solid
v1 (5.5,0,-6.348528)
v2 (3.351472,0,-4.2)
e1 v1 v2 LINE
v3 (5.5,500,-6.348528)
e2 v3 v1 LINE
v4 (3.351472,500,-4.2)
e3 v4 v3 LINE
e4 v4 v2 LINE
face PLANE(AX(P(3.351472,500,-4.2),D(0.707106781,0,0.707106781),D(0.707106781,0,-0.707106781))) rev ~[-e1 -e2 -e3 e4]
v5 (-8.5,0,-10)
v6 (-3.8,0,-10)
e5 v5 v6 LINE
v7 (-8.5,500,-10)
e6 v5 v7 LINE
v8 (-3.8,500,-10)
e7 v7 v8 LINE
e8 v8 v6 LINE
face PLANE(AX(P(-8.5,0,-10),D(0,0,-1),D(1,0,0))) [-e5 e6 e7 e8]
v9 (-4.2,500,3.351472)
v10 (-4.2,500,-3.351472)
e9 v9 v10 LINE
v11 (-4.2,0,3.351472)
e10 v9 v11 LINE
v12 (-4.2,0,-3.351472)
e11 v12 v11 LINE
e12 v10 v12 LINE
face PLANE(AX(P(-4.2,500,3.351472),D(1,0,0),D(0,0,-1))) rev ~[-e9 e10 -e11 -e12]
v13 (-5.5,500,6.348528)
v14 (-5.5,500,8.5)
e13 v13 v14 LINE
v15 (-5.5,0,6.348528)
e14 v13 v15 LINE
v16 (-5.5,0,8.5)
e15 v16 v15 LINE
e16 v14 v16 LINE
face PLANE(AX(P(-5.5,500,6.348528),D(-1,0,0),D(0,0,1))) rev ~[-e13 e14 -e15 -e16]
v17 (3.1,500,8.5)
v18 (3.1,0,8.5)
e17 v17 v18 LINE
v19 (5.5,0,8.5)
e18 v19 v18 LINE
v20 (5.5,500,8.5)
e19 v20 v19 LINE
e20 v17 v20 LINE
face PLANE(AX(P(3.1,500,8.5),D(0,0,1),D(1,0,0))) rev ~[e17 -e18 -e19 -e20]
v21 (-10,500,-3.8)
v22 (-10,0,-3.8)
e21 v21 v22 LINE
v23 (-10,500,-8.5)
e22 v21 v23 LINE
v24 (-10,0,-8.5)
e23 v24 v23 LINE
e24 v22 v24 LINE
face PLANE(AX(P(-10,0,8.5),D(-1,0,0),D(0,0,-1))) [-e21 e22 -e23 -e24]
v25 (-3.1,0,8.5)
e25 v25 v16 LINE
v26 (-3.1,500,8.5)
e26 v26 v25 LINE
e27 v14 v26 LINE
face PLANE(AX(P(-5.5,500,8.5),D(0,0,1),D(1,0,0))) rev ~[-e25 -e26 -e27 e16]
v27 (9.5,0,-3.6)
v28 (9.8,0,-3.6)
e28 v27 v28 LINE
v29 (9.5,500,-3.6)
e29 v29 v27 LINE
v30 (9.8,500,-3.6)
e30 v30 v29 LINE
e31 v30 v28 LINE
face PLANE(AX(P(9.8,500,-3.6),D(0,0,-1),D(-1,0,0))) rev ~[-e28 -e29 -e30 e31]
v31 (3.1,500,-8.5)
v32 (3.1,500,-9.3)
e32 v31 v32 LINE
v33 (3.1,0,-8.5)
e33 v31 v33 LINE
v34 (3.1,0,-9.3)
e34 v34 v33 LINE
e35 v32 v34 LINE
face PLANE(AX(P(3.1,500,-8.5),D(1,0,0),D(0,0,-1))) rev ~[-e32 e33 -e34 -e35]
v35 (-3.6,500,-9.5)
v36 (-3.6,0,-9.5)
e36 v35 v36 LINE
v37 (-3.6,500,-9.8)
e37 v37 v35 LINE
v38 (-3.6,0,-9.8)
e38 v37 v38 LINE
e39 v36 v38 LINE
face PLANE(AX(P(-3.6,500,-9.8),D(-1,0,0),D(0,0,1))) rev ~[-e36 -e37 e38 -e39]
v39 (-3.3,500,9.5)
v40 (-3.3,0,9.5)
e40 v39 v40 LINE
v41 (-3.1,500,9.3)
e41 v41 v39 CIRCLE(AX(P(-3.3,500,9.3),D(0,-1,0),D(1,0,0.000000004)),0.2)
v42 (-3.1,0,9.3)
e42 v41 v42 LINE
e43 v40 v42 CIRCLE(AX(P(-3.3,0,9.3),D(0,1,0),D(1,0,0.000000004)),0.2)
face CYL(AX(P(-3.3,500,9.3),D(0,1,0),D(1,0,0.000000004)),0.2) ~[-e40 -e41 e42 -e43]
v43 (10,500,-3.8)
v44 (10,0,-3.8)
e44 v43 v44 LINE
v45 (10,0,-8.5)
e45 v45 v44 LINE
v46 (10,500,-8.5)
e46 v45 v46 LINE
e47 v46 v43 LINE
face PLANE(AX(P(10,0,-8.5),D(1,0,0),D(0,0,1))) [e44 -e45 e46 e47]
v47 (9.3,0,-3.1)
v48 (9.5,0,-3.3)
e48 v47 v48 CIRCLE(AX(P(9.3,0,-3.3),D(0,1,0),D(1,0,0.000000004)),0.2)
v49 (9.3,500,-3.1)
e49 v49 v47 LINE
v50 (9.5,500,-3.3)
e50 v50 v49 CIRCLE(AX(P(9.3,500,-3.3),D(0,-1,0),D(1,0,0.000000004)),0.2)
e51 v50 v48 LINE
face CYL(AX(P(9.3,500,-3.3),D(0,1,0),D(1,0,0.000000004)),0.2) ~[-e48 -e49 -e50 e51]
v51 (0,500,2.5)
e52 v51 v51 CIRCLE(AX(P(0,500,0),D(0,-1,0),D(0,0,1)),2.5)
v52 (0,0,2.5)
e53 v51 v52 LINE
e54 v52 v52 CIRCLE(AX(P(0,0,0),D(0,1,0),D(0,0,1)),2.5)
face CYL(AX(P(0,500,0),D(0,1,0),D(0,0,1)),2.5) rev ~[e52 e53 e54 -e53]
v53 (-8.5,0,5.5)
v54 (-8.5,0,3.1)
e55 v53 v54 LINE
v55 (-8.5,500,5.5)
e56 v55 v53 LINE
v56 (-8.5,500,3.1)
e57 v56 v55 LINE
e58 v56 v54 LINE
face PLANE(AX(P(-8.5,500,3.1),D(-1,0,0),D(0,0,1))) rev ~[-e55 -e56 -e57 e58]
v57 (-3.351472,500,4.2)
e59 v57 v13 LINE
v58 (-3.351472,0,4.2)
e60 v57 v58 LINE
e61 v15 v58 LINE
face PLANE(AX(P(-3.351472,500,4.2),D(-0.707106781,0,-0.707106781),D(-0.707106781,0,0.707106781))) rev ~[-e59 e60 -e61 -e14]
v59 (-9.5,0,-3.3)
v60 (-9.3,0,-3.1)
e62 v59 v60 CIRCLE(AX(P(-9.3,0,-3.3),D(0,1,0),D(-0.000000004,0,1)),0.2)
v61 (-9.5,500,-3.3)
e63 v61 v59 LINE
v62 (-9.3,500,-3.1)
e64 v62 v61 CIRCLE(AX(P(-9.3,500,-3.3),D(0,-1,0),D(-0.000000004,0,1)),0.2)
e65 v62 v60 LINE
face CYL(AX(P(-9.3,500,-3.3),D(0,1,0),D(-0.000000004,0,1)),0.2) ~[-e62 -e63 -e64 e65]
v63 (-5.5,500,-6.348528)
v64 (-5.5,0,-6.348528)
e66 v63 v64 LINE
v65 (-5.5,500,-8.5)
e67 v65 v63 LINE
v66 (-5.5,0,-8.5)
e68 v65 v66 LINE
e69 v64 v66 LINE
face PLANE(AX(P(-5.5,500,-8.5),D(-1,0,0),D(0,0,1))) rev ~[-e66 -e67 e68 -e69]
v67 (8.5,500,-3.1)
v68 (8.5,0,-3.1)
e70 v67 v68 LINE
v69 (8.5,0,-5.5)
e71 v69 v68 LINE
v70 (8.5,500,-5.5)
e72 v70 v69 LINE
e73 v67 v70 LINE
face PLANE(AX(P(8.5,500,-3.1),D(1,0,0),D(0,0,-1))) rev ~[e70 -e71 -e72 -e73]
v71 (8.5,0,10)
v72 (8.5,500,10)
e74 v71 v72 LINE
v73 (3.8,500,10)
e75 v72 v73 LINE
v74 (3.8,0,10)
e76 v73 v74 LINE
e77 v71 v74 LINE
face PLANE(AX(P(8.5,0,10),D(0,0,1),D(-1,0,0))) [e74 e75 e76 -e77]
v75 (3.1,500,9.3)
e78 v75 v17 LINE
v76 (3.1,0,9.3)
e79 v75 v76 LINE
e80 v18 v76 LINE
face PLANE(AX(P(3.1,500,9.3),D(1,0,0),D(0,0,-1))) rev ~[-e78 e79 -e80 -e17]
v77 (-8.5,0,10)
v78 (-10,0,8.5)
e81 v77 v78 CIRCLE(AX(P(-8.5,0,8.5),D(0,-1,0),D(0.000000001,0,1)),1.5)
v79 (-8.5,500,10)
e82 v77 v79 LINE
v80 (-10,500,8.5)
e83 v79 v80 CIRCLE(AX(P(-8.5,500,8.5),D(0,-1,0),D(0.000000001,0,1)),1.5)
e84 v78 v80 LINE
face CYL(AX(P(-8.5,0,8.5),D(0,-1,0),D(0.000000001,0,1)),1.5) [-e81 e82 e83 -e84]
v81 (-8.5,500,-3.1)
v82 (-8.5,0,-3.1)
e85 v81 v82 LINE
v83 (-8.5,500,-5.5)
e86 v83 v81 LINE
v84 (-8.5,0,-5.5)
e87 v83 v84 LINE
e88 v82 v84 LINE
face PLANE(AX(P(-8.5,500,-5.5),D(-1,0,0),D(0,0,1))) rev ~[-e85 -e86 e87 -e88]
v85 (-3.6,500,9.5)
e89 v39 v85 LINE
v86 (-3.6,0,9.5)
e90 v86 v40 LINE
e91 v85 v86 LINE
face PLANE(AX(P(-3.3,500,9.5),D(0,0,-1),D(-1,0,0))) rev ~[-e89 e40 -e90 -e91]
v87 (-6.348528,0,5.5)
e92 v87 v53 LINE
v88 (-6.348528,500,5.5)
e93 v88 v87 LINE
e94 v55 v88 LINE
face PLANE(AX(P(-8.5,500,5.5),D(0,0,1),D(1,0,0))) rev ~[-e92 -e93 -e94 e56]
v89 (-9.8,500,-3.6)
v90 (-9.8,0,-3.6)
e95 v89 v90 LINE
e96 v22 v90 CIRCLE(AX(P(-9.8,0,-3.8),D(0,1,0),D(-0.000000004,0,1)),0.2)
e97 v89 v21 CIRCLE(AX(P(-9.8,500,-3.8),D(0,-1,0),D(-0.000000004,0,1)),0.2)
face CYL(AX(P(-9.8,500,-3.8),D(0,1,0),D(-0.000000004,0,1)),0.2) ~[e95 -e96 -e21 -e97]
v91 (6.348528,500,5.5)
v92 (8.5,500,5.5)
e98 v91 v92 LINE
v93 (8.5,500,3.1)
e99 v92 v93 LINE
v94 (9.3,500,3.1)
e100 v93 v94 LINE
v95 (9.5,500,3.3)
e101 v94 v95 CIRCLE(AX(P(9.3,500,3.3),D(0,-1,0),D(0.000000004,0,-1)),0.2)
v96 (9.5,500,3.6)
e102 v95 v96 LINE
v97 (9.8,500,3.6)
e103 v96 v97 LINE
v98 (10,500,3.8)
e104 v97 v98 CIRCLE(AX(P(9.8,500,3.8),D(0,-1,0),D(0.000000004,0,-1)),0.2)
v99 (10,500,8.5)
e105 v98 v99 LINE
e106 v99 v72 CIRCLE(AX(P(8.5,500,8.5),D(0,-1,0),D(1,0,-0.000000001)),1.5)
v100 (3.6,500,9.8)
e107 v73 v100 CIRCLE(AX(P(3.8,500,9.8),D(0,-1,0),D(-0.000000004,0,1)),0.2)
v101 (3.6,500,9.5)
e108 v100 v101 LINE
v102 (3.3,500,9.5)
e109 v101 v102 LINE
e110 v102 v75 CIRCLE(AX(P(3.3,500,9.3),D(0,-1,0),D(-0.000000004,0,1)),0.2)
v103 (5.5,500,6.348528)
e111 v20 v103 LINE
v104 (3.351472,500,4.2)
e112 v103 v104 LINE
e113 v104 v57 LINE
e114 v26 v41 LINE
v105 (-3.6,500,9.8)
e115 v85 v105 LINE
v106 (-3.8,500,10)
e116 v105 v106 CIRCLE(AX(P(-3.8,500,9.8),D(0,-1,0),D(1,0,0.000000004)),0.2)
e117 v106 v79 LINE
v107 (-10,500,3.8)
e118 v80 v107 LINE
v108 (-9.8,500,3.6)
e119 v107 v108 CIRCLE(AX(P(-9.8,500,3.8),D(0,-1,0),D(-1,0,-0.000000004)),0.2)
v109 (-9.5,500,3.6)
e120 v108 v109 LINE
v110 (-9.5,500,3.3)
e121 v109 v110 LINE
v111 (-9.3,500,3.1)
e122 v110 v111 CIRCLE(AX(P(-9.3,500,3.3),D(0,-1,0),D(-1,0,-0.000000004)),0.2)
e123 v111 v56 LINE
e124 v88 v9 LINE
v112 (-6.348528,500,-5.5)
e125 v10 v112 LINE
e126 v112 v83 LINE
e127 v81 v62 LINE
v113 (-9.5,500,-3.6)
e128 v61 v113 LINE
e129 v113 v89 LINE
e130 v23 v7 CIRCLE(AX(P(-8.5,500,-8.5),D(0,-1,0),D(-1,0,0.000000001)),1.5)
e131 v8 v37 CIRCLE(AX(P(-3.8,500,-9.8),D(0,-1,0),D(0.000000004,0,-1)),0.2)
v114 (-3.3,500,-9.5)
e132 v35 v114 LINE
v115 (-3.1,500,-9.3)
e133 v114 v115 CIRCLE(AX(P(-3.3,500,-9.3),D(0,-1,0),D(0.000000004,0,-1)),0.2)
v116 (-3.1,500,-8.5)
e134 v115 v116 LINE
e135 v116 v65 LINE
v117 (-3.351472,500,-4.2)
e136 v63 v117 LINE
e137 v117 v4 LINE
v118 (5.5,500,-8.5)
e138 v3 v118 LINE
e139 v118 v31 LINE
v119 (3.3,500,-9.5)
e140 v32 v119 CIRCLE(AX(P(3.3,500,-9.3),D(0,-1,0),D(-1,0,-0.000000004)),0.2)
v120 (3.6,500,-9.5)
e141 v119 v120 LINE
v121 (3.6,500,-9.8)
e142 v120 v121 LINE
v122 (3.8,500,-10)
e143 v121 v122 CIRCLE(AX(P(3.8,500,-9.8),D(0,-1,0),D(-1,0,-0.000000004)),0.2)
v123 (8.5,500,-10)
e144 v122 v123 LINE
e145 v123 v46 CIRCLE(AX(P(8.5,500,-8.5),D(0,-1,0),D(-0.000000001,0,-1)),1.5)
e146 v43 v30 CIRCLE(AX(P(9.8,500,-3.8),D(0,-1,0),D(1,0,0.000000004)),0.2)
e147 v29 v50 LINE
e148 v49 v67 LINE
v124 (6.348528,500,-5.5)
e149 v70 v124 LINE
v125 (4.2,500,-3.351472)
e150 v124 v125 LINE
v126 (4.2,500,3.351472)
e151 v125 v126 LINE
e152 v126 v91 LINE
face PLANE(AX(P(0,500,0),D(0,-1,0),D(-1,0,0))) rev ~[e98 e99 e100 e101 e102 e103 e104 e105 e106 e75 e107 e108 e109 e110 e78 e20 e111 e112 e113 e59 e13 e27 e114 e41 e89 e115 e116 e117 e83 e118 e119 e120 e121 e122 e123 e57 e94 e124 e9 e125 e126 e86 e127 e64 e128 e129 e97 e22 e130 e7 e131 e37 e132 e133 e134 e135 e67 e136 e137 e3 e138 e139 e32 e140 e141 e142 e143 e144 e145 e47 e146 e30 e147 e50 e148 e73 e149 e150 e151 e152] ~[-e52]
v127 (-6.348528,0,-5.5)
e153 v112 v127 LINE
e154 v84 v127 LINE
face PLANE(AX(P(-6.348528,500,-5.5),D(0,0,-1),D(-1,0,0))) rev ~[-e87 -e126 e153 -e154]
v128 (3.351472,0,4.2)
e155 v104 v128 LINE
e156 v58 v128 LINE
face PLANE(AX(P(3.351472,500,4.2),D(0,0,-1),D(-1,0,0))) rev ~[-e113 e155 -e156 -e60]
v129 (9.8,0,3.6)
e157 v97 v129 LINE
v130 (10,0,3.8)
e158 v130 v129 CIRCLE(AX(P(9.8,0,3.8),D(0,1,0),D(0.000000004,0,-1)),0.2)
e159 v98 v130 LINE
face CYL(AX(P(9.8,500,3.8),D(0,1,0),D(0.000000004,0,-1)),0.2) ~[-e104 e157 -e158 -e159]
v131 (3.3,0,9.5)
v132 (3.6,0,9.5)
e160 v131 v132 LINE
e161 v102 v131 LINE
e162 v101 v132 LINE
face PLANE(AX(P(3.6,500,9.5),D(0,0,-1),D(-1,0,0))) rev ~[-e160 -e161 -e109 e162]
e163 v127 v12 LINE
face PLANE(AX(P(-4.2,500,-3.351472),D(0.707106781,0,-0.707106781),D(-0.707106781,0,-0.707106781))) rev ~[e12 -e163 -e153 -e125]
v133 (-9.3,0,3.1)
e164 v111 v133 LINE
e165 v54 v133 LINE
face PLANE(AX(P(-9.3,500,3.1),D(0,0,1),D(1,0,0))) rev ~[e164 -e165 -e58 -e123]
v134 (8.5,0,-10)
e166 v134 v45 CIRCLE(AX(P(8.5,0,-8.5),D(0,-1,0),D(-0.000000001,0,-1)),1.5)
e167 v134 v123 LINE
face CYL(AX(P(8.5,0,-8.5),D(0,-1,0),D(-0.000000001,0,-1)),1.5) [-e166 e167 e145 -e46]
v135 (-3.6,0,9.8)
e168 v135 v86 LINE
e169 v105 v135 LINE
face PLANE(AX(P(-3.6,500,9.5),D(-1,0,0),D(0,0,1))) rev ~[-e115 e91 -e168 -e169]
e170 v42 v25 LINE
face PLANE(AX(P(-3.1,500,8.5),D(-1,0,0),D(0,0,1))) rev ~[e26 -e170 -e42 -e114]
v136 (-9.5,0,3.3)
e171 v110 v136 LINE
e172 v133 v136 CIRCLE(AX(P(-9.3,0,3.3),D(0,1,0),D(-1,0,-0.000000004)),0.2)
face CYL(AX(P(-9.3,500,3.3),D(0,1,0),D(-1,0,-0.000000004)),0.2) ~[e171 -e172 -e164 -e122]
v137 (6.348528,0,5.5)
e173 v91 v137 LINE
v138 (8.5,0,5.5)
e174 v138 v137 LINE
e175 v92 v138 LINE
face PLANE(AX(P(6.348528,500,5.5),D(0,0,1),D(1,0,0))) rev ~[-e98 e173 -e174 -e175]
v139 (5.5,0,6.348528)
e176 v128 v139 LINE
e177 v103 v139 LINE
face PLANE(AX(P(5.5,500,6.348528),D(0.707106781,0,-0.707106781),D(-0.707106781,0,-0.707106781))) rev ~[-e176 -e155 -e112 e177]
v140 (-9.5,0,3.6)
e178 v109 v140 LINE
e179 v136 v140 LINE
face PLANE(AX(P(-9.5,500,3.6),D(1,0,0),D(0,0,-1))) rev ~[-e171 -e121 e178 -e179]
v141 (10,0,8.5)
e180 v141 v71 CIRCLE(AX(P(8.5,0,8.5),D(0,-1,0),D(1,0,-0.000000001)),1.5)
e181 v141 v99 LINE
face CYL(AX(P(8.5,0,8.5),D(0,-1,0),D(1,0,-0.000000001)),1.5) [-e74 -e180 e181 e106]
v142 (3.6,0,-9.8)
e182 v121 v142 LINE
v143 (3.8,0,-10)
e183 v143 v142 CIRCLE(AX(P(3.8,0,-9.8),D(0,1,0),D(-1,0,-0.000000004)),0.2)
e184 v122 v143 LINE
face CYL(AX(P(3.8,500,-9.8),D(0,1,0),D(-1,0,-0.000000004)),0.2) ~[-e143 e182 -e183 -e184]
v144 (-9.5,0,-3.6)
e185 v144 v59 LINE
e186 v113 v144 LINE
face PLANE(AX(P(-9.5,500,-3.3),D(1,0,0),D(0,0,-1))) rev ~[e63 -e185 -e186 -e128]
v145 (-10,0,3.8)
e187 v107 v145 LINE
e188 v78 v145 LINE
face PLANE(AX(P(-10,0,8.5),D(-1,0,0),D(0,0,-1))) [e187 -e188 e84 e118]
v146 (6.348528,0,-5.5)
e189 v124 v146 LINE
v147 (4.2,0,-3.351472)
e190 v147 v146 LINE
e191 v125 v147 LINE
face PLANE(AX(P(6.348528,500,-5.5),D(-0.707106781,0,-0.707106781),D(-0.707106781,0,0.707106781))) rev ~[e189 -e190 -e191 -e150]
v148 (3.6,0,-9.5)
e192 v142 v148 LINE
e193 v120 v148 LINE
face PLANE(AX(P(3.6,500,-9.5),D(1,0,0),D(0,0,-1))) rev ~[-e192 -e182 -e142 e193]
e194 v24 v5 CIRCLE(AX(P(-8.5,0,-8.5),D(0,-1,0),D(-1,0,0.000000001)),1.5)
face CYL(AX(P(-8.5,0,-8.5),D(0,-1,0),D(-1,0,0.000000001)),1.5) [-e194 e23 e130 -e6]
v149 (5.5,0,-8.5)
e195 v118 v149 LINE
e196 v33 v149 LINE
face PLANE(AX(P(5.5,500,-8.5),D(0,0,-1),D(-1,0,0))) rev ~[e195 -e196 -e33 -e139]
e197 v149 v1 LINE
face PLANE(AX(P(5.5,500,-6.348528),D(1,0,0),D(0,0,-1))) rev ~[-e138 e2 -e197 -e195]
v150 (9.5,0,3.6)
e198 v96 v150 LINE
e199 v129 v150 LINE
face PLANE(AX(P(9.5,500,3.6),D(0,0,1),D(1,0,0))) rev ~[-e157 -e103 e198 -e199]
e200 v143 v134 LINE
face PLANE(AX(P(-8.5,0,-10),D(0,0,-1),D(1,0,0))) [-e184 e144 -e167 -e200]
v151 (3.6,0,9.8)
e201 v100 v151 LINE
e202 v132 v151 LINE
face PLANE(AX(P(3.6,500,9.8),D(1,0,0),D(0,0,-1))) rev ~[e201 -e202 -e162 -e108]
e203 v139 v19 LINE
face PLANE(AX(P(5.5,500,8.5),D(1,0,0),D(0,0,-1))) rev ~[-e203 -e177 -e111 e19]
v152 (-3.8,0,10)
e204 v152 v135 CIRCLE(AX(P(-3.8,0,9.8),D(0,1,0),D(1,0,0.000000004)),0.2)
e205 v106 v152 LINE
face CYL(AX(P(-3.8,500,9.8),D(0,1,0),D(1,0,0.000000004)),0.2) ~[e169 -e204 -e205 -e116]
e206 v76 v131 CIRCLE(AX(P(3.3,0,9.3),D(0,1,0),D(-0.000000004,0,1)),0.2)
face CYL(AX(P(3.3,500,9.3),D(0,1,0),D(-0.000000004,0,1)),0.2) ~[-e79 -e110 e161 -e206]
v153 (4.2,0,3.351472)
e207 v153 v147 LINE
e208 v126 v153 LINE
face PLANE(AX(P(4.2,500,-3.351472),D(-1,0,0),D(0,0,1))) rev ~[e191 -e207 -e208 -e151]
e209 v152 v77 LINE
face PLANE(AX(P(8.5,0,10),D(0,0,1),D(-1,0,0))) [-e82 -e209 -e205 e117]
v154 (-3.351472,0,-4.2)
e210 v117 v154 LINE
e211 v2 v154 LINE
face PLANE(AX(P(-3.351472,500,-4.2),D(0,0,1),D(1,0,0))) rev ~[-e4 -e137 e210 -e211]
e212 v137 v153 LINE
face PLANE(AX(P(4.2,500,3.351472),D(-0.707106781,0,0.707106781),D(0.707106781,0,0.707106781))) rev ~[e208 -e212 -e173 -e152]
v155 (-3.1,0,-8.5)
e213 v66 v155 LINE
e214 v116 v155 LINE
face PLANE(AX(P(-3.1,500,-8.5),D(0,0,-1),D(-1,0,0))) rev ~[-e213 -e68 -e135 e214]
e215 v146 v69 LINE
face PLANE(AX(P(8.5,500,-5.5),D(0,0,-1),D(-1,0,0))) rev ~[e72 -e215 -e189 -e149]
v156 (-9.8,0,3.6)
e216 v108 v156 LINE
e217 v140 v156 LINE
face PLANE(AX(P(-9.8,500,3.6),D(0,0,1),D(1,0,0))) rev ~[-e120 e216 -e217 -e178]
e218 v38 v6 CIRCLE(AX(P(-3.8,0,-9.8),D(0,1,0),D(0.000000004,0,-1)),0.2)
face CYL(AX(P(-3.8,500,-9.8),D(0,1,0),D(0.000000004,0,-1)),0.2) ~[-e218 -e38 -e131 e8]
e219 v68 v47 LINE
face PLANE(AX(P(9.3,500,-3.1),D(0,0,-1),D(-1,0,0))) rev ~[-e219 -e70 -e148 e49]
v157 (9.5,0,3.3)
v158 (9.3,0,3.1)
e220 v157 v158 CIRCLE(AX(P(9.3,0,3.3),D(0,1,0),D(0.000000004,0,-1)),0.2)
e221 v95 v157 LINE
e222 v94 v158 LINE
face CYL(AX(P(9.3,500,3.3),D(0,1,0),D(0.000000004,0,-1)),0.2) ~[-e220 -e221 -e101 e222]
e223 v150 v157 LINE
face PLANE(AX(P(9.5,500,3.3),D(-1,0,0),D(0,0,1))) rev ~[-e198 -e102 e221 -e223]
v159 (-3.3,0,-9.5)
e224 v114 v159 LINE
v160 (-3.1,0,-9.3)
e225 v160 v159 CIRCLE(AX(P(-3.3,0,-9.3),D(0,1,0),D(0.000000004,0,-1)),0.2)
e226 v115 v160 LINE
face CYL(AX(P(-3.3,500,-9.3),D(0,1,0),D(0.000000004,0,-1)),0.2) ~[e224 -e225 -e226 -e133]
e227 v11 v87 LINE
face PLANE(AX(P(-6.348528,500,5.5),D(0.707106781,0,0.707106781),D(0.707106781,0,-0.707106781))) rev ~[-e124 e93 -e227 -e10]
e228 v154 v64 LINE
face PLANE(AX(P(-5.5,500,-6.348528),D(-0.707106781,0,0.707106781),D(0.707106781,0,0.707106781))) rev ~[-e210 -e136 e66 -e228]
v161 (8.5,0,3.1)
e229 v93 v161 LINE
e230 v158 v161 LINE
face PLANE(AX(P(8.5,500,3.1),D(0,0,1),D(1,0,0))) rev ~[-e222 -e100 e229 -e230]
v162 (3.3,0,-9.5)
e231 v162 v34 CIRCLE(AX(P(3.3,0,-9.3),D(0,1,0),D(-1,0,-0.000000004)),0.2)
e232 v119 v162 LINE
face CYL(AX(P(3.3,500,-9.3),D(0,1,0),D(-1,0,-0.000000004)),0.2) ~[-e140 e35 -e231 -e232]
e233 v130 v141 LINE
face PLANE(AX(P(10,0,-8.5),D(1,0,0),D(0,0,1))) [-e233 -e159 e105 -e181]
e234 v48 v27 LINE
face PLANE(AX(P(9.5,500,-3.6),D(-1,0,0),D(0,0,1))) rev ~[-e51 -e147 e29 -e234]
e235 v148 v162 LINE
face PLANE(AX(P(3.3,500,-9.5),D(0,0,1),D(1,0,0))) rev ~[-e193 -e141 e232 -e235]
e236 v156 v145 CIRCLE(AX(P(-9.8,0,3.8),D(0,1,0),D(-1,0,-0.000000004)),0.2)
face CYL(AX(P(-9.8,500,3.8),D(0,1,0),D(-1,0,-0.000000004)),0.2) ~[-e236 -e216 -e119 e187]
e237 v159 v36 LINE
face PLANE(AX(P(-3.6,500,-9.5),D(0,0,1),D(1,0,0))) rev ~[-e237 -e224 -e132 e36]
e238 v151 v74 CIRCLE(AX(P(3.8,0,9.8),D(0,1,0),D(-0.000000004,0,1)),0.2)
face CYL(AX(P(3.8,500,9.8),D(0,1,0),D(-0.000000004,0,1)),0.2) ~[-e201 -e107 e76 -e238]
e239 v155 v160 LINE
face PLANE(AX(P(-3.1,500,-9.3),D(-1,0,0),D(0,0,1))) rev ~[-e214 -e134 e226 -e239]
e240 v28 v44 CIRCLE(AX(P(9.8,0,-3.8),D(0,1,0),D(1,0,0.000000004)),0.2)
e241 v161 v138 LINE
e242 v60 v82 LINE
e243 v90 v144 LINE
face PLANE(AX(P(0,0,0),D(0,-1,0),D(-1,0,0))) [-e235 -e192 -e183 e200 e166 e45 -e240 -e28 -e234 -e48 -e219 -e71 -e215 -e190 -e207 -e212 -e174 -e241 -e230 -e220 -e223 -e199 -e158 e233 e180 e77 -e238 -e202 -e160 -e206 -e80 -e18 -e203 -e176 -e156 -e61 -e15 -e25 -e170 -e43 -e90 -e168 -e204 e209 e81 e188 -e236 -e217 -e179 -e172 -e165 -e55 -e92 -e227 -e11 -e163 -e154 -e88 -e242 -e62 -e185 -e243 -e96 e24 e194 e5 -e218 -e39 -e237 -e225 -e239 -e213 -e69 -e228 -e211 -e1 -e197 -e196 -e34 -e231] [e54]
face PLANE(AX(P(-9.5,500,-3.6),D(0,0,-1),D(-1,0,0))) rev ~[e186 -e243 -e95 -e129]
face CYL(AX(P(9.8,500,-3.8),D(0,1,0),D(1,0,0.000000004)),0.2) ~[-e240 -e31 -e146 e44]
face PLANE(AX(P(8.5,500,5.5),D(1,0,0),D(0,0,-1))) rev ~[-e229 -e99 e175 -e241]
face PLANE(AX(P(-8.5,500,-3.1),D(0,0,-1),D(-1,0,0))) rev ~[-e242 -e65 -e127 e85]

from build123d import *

# Parameters (mm, degrees)
BOSS_EXTRUDE1_DEPTH = 500
SKETCH3_R           = 2.5
CUT_EXTRUDE1_DEPTH  = 501.199960016
CIRPATTERN1_COUNT   = 4


with BuildPart() as part:
    # Sketch2 → Boss-Extrude1 (new body)
    with BuildSketch(Plane(origin=(0, 0, 0), x_dir=(1, 0, 0), z_dir=(0, 1, 0))):
        with BuildLine():
            Line((-10, -8.5), (-10, 8.5))
            ThreePointArc((-10, 8.5), (-9.560660172, 9.560660172), (-8.5, 10))
            Line((-8.5, 10), (8.5, 10))
            ThreePointArc((8.5, 10), (9.560660172, 9.560660172), (10, 8.5))
            Line((10, 8.5), (10, -8.5))
            ThreePointArc((10, -8.5), (9.560660172, -9.560660172), (8.5, -10))
            Line((8.5, -10), (-8.5, -10))
            ThreePointArc((-8.5, -10), (-9.560660172, -9.560660172), (-10, -8.5))
        make_face()
    extrude(amount=BOSS_EXTRUDE1_DEPTH)

    # Sketch3 → Cut-Extrude1 (cut, through all)
    with BuildSketch(Plane(origin=(0, 500, 0), x_dir=(1, 0, 0), z_dir=(0, 1, 0))):
        with BuildLine():
            Line((-6.348528137, -5.5), (-4.2, -3.351471863))
            Line((-4.2, -3.351471863), (-4.2, 3.351471863))
            Line((-4.2, 3.351471863), (-6.348528137, 5.5))
            Line((-6.348528137, 5.5), (-8.5, 5.5))
            Line((-8.5, 5.5), (-8.5, 3.1))
            Line((-8.5, 3.1), (-9.3, 3.1))
            ThreePointArc((-9.3, 3.1), (-9.441421356, 3.158578644), (-9.5, 3.3))
            Line((-9.5, 3.3), (-9.5, 3.6))
            Line((-9.5, 3.6), (-9.8, 3.6))
            ThreePointArc((-9.8, 3.6), (-9.941421356, 3.658578644), (-10, 3.8))
            Line((-10, 3.8), (-10, -3.8))
            ThreePointArc((-10, -3.8), (-9.941421356, -3.658578644), (-9.8, -3.6))
            Line((-9.8, -3.6), (-9.5, -3.6))
            Line((-9.5, -3.6), (-9.5, -3.3))
            ThreePointArc((-9.5, -3.3), (-9.441421356, -3.158578644), (-9.3, -3.1))
            Line((-9.3, -3.1), (-8.5, -3.1))
            Line((-8.5, -3.1), (-8.5, -5.5))
            Line((-8.5, -5.5), (-6.348528137, -5.5))
        make_face()
        Circle(SKETCH3_R)
    cut_extrude1 = extrude(amount=-CUT_EXTRUDE1_DEPTH, mode=Mode.SUBTRACT)

    # CirPattern1: Cut-Extrude1 ×4 about axis
    cirpattern1_axis = Axis((0, -20, 0), (0, 1, 0))
    for i in range(1, CIRPATTERN1_COUNT):
        add(cut_extrude1.rotate(cirpattern1_axis, i * 360 / CIRPATTERN1_COUNT), mode=Mode.SUBTRACT)


solid = part.part
